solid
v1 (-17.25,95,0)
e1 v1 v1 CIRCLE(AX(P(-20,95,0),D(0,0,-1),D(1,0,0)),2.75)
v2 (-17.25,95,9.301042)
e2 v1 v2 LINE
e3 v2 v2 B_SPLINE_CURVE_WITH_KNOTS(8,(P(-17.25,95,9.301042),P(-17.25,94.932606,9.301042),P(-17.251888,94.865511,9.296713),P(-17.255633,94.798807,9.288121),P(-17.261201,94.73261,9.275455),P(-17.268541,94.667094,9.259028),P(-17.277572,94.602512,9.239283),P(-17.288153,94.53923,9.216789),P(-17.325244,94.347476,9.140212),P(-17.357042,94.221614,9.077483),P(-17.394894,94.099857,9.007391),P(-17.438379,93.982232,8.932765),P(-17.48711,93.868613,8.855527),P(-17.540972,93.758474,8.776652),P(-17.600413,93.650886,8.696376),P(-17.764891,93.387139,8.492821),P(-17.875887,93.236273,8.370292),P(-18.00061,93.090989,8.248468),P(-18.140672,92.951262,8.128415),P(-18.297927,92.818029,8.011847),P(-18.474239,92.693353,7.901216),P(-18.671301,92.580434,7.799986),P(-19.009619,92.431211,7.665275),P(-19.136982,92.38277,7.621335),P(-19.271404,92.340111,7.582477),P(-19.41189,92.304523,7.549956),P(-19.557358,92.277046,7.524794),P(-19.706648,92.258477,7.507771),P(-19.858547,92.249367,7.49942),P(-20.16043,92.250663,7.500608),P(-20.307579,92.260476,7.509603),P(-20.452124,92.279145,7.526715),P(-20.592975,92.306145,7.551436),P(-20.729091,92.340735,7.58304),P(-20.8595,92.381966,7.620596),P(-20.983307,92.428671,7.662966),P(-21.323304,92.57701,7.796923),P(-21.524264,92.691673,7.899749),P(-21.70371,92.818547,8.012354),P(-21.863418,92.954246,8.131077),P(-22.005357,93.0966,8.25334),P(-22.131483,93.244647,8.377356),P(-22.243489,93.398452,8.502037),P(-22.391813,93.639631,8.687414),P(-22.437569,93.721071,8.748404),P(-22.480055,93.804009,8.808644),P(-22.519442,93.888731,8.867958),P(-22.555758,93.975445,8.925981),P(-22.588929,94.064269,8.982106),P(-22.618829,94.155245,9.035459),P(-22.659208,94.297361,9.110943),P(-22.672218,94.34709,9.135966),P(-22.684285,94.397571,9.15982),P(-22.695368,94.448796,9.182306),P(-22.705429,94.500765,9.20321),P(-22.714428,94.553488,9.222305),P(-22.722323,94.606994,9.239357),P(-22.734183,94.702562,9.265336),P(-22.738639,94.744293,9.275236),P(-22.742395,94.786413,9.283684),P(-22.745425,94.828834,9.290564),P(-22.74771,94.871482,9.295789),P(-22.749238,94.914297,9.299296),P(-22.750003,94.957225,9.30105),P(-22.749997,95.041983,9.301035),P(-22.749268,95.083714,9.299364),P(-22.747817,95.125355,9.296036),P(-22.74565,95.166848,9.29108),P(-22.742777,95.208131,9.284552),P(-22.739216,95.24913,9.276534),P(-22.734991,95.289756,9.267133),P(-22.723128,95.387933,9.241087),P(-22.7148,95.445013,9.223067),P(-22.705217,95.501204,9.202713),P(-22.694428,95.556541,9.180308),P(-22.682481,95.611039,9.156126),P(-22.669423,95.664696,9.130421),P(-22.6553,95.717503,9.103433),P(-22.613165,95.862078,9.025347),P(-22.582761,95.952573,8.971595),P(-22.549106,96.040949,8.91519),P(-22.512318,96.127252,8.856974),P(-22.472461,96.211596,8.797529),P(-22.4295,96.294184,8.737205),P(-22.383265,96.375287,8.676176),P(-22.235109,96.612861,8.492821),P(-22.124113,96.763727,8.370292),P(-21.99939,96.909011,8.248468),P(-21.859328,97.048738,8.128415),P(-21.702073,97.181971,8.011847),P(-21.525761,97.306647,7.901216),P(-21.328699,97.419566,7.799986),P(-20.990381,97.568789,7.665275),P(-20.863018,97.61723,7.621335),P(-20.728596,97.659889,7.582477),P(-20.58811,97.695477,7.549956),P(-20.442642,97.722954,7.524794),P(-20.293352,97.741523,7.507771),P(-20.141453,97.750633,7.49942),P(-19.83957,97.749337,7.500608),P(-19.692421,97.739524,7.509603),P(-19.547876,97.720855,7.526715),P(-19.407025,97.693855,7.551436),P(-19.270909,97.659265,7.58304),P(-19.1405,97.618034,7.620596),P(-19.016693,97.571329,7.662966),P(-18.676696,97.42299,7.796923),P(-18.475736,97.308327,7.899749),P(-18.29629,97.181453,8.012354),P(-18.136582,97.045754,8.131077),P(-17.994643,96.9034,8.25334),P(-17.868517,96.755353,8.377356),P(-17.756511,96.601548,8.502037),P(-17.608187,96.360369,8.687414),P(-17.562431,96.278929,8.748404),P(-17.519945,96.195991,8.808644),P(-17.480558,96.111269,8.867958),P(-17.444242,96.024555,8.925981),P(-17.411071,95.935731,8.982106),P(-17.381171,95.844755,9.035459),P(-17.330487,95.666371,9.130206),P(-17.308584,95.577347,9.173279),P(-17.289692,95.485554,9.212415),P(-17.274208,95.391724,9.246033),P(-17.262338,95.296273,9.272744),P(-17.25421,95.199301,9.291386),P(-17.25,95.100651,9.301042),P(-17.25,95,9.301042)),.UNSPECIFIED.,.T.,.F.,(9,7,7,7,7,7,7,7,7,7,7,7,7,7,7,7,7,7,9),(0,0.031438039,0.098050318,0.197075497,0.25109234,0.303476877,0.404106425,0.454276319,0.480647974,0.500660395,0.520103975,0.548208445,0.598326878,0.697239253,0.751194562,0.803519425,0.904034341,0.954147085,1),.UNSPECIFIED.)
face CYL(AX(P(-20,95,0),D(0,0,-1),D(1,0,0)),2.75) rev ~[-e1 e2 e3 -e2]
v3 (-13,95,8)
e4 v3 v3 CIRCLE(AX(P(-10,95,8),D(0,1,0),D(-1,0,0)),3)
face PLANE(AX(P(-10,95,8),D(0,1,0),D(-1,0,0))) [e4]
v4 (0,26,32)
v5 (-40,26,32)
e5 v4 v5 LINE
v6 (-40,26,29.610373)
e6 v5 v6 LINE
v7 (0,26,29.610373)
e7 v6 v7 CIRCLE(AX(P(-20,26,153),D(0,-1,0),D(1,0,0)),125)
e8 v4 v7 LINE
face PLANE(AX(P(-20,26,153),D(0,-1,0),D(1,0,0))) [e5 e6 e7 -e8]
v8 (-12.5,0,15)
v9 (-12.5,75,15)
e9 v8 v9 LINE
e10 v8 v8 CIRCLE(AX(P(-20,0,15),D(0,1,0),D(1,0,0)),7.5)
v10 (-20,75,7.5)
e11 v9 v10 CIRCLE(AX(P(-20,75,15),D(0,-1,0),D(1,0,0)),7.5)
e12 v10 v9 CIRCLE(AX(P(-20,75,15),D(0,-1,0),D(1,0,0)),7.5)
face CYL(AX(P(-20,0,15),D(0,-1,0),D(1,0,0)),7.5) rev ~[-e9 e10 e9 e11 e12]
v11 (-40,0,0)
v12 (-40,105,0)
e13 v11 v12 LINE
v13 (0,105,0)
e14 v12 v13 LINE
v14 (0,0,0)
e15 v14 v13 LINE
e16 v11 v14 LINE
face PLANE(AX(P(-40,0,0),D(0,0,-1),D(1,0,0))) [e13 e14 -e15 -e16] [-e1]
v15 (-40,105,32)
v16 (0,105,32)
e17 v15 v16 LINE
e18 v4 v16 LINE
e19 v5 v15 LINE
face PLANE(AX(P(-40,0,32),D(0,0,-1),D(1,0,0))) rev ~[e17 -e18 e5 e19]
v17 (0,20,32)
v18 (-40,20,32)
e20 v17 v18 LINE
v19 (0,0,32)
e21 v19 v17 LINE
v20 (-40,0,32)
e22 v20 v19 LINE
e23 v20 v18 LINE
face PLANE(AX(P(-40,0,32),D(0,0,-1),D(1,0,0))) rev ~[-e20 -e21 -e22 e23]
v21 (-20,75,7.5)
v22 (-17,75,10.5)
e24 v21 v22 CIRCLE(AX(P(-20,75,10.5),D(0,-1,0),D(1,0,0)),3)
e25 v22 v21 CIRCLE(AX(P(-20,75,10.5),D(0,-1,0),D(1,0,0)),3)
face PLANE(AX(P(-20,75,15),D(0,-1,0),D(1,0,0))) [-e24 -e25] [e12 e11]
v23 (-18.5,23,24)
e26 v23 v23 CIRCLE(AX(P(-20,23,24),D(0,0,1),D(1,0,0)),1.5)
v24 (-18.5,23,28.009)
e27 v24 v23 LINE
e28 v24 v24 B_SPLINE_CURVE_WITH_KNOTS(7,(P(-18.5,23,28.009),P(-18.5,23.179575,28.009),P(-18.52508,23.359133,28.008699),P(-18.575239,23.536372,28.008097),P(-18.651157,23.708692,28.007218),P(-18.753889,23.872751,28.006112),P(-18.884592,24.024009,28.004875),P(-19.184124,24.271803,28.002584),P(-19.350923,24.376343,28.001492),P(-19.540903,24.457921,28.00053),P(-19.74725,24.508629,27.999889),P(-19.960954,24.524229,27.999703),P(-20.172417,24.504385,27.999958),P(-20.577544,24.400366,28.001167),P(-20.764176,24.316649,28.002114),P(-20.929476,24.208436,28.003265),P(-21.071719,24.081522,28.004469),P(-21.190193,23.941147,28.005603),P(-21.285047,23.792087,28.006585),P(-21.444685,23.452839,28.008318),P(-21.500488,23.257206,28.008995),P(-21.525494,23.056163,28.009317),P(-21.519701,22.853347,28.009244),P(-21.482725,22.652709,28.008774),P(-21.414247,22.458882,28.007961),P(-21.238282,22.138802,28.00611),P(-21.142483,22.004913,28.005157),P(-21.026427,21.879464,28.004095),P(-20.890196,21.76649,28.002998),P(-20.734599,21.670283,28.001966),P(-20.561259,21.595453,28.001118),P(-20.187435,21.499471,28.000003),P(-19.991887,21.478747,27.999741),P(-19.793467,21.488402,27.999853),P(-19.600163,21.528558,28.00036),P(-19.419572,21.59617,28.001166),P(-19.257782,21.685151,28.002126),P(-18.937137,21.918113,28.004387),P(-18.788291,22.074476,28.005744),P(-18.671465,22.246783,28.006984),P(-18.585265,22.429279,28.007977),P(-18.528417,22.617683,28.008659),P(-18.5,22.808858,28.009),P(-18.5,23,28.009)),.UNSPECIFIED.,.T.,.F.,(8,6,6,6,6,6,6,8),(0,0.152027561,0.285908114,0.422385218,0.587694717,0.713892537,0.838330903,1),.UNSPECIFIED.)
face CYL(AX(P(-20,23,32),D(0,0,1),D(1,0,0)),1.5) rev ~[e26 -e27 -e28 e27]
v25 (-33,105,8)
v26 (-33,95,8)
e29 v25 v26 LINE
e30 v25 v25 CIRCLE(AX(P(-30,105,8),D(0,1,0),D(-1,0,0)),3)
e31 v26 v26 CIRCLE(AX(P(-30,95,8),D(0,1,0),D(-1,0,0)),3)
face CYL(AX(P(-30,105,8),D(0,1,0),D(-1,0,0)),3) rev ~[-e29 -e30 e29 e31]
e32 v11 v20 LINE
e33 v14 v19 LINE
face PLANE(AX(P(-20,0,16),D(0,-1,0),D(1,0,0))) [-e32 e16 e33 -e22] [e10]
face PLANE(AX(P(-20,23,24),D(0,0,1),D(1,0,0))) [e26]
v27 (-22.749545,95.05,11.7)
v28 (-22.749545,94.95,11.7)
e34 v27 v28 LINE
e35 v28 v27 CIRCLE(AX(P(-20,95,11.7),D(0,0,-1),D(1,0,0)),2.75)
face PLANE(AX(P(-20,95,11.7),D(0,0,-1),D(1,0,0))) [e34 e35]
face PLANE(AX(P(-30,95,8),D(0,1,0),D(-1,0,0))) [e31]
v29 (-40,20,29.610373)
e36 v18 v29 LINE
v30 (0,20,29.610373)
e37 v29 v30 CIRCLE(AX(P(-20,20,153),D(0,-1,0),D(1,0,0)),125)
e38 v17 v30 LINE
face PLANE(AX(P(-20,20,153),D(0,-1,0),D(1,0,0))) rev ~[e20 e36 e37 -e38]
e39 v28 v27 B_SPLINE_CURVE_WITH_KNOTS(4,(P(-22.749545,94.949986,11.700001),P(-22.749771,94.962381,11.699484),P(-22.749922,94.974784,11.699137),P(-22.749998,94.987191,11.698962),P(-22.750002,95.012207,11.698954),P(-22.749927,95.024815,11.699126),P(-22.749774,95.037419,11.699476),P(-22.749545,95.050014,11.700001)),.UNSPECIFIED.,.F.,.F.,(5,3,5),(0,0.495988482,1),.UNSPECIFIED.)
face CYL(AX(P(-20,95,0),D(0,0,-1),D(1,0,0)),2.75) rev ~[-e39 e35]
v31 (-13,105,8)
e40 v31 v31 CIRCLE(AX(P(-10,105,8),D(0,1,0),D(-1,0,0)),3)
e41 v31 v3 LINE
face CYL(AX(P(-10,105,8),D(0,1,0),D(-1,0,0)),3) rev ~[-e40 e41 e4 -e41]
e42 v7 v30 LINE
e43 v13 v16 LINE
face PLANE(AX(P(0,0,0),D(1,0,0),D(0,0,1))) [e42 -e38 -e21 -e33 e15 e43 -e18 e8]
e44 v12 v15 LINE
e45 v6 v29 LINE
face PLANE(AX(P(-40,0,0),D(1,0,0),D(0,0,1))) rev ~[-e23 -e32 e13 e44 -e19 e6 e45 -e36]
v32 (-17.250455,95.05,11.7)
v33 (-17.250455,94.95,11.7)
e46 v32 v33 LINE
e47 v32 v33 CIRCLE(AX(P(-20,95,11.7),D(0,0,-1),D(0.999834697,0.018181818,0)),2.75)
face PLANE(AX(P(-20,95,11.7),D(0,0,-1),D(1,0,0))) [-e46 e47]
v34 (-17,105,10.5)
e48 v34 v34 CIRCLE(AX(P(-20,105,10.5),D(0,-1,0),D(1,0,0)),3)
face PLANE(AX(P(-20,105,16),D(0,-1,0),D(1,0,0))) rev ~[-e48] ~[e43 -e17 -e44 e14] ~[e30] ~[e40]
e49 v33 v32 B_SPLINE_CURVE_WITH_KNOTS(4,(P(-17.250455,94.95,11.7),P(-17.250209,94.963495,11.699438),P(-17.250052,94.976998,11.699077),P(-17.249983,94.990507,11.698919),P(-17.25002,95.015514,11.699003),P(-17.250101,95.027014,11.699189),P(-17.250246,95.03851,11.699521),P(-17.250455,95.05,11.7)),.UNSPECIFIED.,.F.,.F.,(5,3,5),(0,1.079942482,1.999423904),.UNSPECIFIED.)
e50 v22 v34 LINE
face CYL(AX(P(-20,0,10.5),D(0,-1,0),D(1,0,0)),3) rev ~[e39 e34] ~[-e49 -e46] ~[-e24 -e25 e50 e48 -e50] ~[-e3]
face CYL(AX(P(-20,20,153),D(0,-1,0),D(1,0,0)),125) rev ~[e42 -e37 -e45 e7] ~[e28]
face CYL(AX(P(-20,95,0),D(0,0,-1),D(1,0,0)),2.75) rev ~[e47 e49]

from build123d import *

# Parameters (mm, degrees)
F0_W      = 40
F0_H      = 32
F1_DEPTH  = 105
F2_R      = 7.5
F3_DEPTH  = 75
F4_R      = 3
F5_DEPTH  = 105.001
F7_R      = 125
F8_DEPTH  = 6
F10_R     = 1.5
F11_DEPTH = 8
F13_R     = 3
F14_DEPTH = 10
F16_R     = 2.75
F17_DEPTH = 11.7


with BuildPart() as f1:
    # F0 (on Front) → F1 (new body)
    with BuildSketch(Plane.XZ):
        with Locations((-20, 16)):
            Rectangle(F0_W, F0_H)
    extrude(amount=-F1_DEPTH)

    # F2 (on face) → F3 (cut)
    with BuildSketch(Plane.XZ):
        with Locations((-20, 15)):
            Circle(F2_R)
    extrude(amount=-F3_DEPTH, mode=Mode.SUBTRACT)

    # F4 (on Front) → F5 (cut, through all)
    with BuildSketch(Plane.XZ):
        with Locations((-20, 10.5)):
            Circle(F4_R)
    extrude(amount=-F5_DEPTH, mode=Mode.SUBTRACT)

    # F7 (on offset) → F8 (cut)
    with BuildSketch(Plane.XZ.offset(-20)):
        with Locations((-20, 153)):
            Circle(F7_R)
    extrude(amount=-F8_DEPTH, mode=Mode.SUBTRACT)

    # F10 (on offset) → F11 (cut)
    with BuildSketch(Plane.XY.offset(32)):
        with Locations((-20, 23)):
            Circle(F10_R)
    extrude(amount=-F11_DEPTH, mode=Mode.SUBTRACT)

    # F13 (on offset) → F14 (cut)
    with BuildSketch(Plane(origin=(0, 105, 0), x_dir=(-1, 0, 0), z_dir=(0, 1, 0))):
        with Locations((10, 8)):
            Circle(F13_R)
        with Locations((30, 8)):
            Circle(F13_R)
    extrude(amount=-F14_DEPTH, mode=Mode.SUBTRACT)

    # F16 (on offset) → F17 (cut)
    with BuildSketch(Plane(origin=(0, 0, 0), x_dir=(1, 0, 0), z_dir=(0, 0, -1))):
        with Locations((-20, -95)):
            Circle(F16_R)
    extrude(amount=-F17_DEPTH, mode=Mode.SUBTRACT)


solid = f1.part
